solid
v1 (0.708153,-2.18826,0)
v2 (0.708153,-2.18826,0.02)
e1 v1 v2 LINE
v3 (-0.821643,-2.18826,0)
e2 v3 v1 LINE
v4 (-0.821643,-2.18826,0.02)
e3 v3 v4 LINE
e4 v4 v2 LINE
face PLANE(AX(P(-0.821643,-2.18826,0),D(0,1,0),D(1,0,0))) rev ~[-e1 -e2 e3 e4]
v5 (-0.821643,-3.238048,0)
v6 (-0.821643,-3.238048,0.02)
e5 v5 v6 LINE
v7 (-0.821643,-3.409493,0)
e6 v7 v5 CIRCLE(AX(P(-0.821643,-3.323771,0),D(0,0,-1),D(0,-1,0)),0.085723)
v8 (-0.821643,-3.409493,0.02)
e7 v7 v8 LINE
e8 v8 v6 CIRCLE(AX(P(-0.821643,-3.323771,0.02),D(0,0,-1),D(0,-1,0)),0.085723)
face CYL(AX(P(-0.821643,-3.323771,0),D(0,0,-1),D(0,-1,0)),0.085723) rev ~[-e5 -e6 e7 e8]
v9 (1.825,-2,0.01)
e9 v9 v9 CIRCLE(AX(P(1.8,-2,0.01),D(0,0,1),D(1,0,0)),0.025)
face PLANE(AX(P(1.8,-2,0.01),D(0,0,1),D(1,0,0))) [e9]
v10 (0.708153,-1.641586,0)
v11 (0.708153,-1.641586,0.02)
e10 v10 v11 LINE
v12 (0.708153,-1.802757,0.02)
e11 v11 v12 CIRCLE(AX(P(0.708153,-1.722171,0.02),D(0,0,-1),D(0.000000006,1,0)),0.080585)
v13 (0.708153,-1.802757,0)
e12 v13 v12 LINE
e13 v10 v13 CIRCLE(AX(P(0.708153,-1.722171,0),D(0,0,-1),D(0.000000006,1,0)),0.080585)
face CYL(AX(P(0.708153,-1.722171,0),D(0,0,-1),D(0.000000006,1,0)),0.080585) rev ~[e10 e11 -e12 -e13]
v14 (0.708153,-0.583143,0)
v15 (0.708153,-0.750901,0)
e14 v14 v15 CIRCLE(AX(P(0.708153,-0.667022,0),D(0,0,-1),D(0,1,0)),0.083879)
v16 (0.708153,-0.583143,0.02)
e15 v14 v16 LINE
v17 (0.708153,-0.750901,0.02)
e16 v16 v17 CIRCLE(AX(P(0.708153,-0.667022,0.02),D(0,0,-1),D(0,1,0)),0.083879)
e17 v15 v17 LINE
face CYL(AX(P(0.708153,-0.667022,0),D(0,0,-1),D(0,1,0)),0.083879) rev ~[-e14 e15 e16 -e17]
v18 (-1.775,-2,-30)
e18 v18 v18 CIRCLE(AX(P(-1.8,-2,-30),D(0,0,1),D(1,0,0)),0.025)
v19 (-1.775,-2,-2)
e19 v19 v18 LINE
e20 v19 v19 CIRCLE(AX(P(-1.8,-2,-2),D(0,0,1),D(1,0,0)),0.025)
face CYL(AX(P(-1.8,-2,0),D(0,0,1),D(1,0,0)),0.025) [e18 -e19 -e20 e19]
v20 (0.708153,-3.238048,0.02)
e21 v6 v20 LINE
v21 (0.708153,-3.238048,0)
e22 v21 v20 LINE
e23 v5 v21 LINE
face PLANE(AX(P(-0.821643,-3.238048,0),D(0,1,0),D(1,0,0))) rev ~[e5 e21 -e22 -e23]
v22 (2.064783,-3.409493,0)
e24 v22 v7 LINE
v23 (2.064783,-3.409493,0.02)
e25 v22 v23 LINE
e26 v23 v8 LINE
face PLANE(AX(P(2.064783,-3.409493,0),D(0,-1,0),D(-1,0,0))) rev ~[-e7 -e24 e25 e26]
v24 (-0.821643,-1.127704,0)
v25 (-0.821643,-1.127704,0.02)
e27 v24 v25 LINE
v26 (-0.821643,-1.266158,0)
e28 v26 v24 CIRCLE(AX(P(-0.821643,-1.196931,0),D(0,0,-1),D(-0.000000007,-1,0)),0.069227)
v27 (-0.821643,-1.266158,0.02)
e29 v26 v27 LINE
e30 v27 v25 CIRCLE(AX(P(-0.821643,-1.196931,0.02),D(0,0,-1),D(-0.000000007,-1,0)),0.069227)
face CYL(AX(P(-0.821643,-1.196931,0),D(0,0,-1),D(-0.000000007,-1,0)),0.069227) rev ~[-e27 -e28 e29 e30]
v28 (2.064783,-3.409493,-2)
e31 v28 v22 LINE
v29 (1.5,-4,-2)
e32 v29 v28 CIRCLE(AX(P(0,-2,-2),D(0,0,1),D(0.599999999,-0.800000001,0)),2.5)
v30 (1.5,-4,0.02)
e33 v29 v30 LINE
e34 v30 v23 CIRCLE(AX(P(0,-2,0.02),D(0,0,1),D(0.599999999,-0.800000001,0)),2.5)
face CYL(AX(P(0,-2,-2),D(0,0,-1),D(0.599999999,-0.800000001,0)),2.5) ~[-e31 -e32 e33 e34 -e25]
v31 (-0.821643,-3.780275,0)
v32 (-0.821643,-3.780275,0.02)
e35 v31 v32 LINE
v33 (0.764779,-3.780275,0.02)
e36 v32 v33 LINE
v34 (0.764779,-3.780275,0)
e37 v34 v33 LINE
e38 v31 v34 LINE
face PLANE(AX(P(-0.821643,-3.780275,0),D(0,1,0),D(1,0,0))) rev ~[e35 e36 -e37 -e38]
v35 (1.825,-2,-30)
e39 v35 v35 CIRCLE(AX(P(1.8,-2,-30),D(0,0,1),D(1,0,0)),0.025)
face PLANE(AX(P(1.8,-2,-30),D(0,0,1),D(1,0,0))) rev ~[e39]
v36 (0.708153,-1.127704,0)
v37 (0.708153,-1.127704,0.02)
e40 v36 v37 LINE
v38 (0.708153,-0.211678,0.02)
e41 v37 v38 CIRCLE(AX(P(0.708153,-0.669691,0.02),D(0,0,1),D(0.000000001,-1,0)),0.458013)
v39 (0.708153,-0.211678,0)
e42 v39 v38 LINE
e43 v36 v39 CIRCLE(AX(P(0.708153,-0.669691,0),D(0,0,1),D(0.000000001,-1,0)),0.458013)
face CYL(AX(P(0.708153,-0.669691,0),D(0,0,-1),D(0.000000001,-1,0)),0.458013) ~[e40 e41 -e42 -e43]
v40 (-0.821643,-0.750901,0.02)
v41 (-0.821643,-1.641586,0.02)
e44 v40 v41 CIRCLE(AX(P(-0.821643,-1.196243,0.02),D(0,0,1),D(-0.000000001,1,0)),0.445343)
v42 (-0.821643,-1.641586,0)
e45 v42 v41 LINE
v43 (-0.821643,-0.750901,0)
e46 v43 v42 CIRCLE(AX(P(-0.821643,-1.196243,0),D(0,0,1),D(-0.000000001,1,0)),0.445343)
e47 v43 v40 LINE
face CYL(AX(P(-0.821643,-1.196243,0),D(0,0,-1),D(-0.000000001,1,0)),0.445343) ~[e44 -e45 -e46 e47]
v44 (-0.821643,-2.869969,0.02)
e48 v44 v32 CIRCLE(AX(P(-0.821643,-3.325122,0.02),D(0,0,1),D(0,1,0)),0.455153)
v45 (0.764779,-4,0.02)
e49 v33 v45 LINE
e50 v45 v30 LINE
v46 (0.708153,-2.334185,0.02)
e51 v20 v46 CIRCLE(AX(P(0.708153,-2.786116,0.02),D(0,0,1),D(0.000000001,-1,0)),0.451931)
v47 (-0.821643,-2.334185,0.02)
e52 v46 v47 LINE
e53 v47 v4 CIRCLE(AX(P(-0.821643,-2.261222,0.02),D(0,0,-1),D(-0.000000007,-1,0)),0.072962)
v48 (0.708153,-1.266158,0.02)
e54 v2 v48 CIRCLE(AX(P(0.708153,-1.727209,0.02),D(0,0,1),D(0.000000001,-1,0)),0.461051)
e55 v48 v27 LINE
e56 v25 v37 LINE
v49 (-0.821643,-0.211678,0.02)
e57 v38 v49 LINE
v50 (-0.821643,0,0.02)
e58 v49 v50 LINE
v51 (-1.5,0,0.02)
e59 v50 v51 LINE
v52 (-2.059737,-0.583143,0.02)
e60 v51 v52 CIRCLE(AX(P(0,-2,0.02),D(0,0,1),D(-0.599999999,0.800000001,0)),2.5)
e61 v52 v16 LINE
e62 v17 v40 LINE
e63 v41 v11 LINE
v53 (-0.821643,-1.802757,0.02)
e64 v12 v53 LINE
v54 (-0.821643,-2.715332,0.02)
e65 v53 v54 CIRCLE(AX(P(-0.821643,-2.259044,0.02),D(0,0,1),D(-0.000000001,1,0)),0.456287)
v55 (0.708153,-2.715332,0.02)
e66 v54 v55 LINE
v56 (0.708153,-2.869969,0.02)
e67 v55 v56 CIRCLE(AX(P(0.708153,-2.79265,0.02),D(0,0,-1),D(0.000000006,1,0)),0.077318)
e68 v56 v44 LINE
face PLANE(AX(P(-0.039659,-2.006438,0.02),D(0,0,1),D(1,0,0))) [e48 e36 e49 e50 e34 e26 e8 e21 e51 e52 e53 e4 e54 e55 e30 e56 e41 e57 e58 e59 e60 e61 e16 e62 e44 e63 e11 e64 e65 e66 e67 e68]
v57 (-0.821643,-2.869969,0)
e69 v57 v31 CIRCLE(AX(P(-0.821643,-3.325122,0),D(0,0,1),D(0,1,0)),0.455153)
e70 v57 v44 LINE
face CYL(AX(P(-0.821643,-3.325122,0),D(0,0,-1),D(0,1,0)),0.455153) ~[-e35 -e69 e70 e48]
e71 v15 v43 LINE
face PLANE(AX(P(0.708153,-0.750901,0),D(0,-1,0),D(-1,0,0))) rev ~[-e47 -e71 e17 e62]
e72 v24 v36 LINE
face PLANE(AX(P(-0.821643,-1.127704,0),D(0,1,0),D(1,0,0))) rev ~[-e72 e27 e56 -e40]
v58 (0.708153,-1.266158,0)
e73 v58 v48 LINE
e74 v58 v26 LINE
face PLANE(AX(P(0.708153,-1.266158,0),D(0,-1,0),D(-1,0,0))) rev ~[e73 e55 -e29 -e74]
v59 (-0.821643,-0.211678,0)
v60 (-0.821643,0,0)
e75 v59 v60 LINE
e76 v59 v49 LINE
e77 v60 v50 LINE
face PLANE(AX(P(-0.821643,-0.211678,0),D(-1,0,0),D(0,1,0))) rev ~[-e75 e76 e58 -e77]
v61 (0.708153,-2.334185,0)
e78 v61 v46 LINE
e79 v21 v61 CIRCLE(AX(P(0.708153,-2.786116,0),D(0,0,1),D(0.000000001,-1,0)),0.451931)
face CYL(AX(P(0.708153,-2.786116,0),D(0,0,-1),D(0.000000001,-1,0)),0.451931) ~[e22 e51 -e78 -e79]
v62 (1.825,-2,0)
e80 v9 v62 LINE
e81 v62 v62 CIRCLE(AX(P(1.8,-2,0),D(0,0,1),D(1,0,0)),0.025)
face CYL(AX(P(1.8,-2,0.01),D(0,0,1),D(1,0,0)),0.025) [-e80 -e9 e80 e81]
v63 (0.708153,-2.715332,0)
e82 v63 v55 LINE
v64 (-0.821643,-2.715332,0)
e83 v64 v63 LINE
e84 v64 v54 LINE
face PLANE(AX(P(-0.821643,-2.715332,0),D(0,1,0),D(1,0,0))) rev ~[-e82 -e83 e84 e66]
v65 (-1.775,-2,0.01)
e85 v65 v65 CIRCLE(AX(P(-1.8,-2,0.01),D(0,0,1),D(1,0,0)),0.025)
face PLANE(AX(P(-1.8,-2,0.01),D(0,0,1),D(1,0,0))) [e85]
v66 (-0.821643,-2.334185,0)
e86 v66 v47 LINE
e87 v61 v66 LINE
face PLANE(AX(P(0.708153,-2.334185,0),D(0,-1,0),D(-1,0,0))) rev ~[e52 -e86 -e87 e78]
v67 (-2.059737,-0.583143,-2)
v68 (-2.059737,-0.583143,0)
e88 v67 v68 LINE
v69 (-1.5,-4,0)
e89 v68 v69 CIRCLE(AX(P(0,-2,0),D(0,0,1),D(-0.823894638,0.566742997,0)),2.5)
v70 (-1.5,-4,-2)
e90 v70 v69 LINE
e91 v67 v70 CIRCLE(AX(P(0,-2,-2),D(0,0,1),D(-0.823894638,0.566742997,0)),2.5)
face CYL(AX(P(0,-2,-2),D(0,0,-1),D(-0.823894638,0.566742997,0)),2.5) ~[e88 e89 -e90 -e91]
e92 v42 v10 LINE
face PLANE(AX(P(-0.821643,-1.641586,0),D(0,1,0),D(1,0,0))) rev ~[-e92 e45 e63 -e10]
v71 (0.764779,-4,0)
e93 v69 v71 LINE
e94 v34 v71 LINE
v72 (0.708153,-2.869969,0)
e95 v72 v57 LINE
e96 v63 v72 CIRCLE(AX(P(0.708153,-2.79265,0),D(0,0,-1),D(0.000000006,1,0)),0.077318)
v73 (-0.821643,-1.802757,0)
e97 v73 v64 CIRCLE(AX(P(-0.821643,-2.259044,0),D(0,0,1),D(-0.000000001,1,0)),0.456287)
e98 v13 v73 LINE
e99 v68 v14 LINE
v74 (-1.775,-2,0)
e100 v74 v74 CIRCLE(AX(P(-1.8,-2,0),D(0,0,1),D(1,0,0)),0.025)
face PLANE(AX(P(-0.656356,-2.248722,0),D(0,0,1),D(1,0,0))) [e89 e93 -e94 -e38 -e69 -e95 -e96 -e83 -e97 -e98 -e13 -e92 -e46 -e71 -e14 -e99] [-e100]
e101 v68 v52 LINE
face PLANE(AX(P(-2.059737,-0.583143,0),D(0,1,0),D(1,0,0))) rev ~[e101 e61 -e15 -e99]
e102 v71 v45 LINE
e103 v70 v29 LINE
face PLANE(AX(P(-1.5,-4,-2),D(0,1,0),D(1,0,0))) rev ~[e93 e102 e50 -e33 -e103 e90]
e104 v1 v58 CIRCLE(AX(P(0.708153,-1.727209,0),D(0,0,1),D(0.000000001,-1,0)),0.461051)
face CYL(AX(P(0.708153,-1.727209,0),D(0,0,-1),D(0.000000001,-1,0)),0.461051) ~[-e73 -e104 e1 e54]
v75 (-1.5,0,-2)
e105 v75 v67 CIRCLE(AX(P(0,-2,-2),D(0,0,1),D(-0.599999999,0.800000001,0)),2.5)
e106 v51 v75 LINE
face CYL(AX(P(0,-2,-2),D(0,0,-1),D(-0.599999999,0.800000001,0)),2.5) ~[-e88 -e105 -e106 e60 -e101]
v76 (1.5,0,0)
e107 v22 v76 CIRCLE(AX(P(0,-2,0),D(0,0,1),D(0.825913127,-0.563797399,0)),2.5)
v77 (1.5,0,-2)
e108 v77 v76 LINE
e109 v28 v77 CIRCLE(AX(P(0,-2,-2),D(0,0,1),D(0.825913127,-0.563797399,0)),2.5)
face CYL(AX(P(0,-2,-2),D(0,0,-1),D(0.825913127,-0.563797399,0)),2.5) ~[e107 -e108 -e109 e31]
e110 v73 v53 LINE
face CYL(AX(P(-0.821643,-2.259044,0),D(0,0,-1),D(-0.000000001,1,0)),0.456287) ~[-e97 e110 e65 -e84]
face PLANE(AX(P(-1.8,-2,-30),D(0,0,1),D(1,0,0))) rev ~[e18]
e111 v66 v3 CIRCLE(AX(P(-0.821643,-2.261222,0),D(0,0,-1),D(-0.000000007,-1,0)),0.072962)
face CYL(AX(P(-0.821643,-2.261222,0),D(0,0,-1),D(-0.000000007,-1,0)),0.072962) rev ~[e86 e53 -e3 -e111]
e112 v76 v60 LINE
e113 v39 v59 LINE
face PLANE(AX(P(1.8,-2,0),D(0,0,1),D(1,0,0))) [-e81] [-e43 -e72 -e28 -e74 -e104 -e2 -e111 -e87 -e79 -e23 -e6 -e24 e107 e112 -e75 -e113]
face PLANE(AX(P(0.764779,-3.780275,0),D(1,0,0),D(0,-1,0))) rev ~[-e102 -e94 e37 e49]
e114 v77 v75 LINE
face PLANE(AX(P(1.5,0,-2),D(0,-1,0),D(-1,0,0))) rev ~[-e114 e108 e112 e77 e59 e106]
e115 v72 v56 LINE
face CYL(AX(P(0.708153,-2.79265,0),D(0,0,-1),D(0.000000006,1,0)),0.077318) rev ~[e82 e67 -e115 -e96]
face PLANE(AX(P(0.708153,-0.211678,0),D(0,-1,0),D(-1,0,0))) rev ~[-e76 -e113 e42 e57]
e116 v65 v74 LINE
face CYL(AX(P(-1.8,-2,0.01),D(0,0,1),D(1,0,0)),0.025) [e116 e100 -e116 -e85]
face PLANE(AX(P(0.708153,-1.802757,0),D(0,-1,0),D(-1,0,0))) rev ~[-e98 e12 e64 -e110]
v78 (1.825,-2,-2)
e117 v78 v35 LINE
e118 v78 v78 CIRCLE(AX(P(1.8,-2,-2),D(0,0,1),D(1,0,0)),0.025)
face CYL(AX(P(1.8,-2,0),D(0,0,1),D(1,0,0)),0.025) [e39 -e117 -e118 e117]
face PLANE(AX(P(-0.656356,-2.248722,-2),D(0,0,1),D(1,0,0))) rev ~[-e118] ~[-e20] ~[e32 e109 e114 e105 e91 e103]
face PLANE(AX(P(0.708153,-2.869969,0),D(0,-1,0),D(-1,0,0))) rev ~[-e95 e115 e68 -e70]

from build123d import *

# Parameters (mm, degrees)
SALIENTE_EXTRUIR3_DEPTH = 0.02
SALIENTE_EXTRUIR5_START = -2
SALIENTE_EXTRUIR5_DEPTH = 2
CROQUIS4_R              = 0.025
SALIENTE_EXTRUIR6_DEPTH = 30
SALIENTE_EXTRUIR7_START = 0.01
CROQUIS4_2_R            = 0.025
SALIENTE_EXTRUIR7_DEPTH = 0.01


with BuildPart() as part:
    # Croquis1 → Saliente-Extruir3 (new body)
    with BuildSketch(Plane.XY):
        with BuildLine():
            Line((-0.821642524, 0), (-1.5, 0))
            ThreePointArc((-1.5, 0), (-1.803592236, -0.268799536), (-2.059736596, -0.583142508))
            Line((-2.059736596, -0.583142508), (-0.821642524, -0.583142508))
            Line((-0.821642524, -0.583142508), (0.708153247, -0.583142508))
            ThreePointArc((0.708153247, -0.583142508), (0.792032388, -0.667021649), (0.708153247, -0.75090079))
            Line((0.708153247, -0.75090079), (-0.821642524, -0.75090079))
            ThreePointArc((-0.821642524, -0.75090079), (-1.266985163, -1.19624343), (-0.821642524, -1.641586069))
            Line((-0.821642524, -1.641586069), (0.708153247, -1.641586069))
            ThreePointArc((0.708153247, -1.641586069), (0.788738621, -1.722171443), (0.708153247, -1.802756818))
            Line((0.708153247, -1.802756818), (-0.821642524, -1.802756818))
            ThreePointArc((-0.821642524, -1.802756818), (-1.277929981, -2.259044275), (-0.821642524, -2.715331733))
            Line((-0.821642524, -2.715331733), (0.708153247, -2.715331733))
            ThreePointArc((0.708153247, -2.715331733), (0.785471646, -2.792650132), (0.708153247, -2.869968532))
            Line((0.708153247, -2.869968532), (-0.821642524, -2.869968532))
            ThreePointArc((-0.821642524, -2.869968532), (-1.276795627, -3.325121635), (-0.821642524, -3.780274738))
            Line((-0.821642524, -3.780274738), (0.764779262, -3.780274738))
            Line((0.764779262, -3.780274738), (0.764779262, -4))
            Line((0.764779262, -4), (1.5, -4))
            ThreePointArc((1.5, -4), (1.806680275, -3.727977542), (2.064782817, -3.409493497))
            Line((2.064782817, -3.409493497), (-0.821642524, -3.409493497))
            ThreePointArc((-0.821642524, -3.409493497), (-0.907365435, -3.323770586), (-0.821642524, -3.238047675))
            Line((-0.821642524, -3.238047675), (0.708153247, -3.238047675))
            ThreePointArc((0.708153247, -3.238047675), (1.160084738, -2.786116183), (0.708153247, -2.334184692))
            Line((0.708153247, -2.334184692), (-0.821642524, -2.334184692))
            ThreePointArc((-0.821642524, -2.334184692), (-0.894604957, -2.261222258), (-0.821642524, -2.188259825))
            Line((-0.821642524, -2.188259825), (0.708153247, -2.188259825))
            ThreePointArc((0.708153247, -2.188259825), (1.169203972, -1.727209099), (0.708153247, -1.266158374))
            Line((0.708153247, -1.266158374), (-0.821642524, -1.266158374))
            ThreePointArc((-0.821642524, -1.266158374), (-0.890869473, -1.196931424), (-0.821642524, -1.127704475))
            Line((-0.821642524, -1.127704475), (0.708153247, -1.127704475))
            ThreePointArc((0.708153247, -1.127704475), (1.166166615, -0.669691107), (0.708153247, -0.211677738))
            Line((0.708153247, -0.211677738), (-0.821642524, -0.211677738))
            Line((-0.821642524, -0.211677738), (-0.821642524, 0))
        make_face()
    extrude(amount=SALIENTE_EXTRUIR3_DEPTH)

    # Croquis1<5> → Saliente-Extruir5 (add)
    with BuildSketch(Plane.XY.offset(SALIENTE_EXTRUIR5_START)):
        with BuildLine():
            ThreePointArc((-1.5, 0), (-2.5, -2), (-1.5, -4))
            Line((-1.5, -4), (1.5, -4))
            ThreePointArc((1.5, -4), (2.5, -2), (1.5, 0))
            Line((1.5, 0), (-1.5, 0))
        make_face()
    extrude(amount=SALIENTE_EXTRUIR5_DEPTH)

    # Croquis4 → Saliente-Extruir6 (add)
    with BuildSketch(Plane.XY):
        with Locations((1.8, -2)):
            Circle(CROQUIS4_R)
        with Locations((-1.8, -2)):
            Circle(CROQUIS4_R)
    extrude(amount=-SALIENTE_EXTRUIR6_DEPTH)

    # Croquis4<2> → Saliente-Extruir7 (add)
    with BuildSketch(Plane.XY.offset(SALIENTE_EXTRUIR7_START)):
        with Locations((1.8, -2)):
            Circle(CROQUIS4_2_R)
        with Locations((-1.8, -2)):
            Circle(CROQUIS4_2_R)
    extrude(amount=-SALIENTE_EXTRUIR7_DEPTH)


solid = part.part
